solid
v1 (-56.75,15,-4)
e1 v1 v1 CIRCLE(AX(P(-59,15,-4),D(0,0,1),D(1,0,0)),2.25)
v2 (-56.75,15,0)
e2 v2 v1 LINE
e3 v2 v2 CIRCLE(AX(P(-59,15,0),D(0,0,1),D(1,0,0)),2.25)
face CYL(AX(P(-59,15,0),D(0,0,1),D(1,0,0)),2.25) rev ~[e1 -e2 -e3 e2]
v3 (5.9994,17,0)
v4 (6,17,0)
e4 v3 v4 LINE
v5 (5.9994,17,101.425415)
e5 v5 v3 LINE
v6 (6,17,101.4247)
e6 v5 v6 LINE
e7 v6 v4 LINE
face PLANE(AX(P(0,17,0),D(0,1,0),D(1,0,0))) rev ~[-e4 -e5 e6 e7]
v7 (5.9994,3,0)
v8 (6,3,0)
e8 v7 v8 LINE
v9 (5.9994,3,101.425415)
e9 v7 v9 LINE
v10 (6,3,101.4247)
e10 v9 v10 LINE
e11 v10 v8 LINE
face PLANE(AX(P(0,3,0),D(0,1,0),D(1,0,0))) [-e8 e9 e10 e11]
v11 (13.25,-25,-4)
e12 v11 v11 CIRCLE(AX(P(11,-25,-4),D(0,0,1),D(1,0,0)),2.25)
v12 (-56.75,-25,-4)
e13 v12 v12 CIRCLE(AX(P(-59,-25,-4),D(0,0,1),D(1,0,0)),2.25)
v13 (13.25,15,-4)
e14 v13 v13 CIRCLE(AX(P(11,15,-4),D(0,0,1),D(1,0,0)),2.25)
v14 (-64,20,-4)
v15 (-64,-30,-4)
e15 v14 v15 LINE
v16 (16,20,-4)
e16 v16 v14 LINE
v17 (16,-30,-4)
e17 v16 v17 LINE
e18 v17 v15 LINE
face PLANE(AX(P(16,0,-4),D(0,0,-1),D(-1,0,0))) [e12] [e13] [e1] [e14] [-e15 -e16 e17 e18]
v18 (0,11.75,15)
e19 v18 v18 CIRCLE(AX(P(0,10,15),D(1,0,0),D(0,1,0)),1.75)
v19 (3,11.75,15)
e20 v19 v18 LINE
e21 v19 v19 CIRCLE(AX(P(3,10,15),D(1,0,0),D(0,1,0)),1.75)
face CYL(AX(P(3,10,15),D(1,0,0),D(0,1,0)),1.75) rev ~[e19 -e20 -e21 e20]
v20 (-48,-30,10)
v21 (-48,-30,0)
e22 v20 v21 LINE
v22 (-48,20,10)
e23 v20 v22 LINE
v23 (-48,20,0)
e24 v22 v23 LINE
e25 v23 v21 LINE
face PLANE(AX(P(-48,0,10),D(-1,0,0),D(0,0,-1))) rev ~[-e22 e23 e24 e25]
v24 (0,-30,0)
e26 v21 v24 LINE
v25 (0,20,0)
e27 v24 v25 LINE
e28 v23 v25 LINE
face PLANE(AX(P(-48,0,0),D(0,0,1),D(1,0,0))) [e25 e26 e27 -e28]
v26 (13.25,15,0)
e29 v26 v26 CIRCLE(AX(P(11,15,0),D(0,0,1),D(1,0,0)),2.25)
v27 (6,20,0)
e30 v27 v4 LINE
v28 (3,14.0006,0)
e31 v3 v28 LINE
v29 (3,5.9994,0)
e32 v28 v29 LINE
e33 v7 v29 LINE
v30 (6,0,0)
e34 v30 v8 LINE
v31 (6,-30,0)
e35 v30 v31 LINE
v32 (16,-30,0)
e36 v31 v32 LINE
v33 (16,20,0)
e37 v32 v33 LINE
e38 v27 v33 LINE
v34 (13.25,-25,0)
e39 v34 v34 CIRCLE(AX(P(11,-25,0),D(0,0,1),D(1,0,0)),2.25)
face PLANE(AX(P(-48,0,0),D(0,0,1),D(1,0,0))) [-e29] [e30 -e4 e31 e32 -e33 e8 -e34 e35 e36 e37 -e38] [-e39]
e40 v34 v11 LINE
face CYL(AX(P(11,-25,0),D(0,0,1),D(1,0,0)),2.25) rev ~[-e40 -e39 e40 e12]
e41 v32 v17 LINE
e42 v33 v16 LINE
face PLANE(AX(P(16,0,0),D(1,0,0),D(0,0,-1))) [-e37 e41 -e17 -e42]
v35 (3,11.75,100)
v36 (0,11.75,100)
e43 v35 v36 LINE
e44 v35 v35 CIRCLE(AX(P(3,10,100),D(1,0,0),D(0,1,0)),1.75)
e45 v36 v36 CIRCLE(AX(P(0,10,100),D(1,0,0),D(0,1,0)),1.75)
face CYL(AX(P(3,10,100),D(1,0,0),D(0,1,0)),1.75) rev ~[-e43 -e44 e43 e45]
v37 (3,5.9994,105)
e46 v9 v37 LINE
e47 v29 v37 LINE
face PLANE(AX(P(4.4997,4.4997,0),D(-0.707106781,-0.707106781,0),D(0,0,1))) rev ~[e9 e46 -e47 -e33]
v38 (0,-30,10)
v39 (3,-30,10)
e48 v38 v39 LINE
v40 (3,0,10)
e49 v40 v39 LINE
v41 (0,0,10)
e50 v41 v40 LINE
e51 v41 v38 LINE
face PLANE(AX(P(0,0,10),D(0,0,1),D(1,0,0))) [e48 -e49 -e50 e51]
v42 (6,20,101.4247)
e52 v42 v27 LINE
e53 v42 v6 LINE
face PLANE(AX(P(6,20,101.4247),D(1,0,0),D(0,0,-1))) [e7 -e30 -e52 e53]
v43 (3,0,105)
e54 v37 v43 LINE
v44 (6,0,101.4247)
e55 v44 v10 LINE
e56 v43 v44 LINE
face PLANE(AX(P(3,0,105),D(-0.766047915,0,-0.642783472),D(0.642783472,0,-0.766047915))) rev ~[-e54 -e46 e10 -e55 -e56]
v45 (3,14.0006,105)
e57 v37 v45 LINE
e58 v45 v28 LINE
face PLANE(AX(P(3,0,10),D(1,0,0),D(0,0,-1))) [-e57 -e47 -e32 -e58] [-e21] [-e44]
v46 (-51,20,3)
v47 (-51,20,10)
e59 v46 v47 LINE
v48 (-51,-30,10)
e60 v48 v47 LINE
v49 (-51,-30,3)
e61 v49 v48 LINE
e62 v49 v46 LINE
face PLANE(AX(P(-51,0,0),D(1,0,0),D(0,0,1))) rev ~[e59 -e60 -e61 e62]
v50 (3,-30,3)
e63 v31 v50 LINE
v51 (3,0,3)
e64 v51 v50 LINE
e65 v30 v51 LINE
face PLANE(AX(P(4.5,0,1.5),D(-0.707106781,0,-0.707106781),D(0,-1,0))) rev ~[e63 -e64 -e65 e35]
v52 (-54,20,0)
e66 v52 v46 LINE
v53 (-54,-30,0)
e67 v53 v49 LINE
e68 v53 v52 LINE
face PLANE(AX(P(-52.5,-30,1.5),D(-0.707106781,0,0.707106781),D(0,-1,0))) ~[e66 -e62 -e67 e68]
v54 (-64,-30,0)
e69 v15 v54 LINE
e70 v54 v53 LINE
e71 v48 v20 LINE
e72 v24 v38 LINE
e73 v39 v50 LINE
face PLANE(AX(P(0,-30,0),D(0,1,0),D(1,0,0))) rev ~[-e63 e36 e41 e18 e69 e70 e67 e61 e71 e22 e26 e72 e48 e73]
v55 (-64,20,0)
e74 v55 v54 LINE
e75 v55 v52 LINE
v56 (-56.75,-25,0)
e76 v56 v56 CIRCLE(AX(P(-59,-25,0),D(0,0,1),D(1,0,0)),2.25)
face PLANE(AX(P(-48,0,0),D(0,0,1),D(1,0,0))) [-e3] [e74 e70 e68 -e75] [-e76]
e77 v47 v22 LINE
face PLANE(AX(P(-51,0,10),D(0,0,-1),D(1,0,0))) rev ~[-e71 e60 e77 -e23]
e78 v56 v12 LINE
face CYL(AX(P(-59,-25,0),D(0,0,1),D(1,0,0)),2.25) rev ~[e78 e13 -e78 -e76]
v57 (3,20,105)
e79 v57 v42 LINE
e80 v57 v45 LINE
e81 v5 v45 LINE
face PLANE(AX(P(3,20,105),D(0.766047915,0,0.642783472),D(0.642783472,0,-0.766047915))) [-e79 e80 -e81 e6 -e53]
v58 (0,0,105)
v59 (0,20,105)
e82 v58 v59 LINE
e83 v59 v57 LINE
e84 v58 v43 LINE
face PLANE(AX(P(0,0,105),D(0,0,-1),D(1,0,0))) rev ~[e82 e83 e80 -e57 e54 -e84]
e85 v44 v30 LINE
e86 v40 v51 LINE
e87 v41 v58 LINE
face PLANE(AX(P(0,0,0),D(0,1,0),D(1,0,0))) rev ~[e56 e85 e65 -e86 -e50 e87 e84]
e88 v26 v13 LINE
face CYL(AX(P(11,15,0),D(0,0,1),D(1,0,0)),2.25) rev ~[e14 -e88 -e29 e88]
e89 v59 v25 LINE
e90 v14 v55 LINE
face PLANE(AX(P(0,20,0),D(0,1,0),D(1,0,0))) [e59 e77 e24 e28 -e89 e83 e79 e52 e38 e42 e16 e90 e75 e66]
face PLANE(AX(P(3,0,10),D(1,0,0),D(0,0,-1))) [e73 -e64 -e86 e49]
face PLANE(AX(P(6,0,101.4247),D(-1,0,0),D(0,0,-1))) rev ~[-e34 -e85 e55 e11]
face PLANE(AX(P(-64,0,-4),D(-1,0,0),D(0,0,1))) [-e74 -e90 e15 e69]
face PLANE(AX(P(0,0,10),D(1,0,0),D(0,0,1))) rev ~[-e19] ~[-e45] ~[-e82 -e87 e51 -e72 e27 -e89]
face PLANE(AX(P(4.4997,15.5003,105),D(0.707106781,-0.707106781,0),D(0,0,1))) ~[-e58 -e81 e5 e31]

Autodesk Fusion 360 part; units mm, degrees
sketch "Sketch1" plane through (0, 0, 0) normal (0, 1, 0) x (1, 0, 0)
  line L0 (0, 0) -> (-48, 0) construction
  line L1 (-48, 0) -> (-48, -115) construction
  line L2 (-48, -115) -> (0, -115) construction
  line L3 (0, -115) -> (0, 0) construction
  line L4 (0, -105) -> (3, -105)
  line L5 (3, -105) -> (3, 0)
  line L6 (3, 0) -> (16, 0)
  line L7 (16, 0) -> (16, 4)
  line L8 (16, 4) -> (-64, 4)
  line L9 (-64, 4) -> (-64, 0)
  line L10 (-64, 0) -> (-51, 0)
  line L11 (-51, 0) -> (-51, -10)
  line L12 (-51, -10) -> (-48, -10)
  line L13 (-48, -10) -> (-48, 0)
  line L14 (-48, 0) -> (0, 0)
  line L15 (0, 0) -> (0, -105)
  line L16 (0, -100) -> (3, -100) construction
  line L17 (3, -15) -> (0, -14.9007) construction
  line L18 (-51, 0) -> (-48, 0)
  line L19 (0, 0) -> (3, 0)
  line L20 (3, -105) -> (6, -101.4247)
  line L21 (6, -101.4247) -> (6, 0)
  line L22 (0, -10) -> (3, -10)
  dimension "d1" = 48
  dimension "d2" = 115
  dimension "d3" = 3
  dimension "d4" = 4
  dimension "d6" = 13
  dimension "d7" = 13
  dimension "d8" = 10
  dimension "d9" = 15
  dimension "d10" = 85
  dimension "d11" = 5
  dimension "d16" = 3
  dimension "d17" = 140
extrude "Extrude1" add sketch "Sketch1" along normal blind 20 contours L4 L5 L15 L22 | L5 L15 L19 L22 | L6 L7 L8 L9 L10 L14 L18 L19 | L11 L12 L13 L18
extrude "Extrude2" add sketch "Sketch1" against normal blind 30 contours L6 L7 L8 L9 L10 L14 L18 L19
extrude "Extrude3" add sketch "Sketch1" against normal blind 30 contours L5 L15 L19 L22 | L11 L12 L13 L18
sketch "Sketch2" plane through (3, 0, 0) normal (1, 0, 0) x (0, 1, 0)
  line L0 (0, 105) -> (0, 10)
  line L1 (0, 10) -> (-30, 10)
  line L2 (-30, 10) -> (-30, 0)
  line L3 (-30, 0) -> (20, 0)
  line L4 (20, 0) -> (20, 105)
  line L5 (20, 105) -> (0, 105)
  line L6 (10, 105) -> (10, 0) construction
  circle A0 centre (10, 15) radius 1.75
  circle A1 centre (10, 100) radius 1.75
  dimension "d21" = 15
  dimension "d22" = 85
  dimension "d23" = 3.5
extrude "Extrude4" cut sketch "Sketch2" against normal blind 12 contours A0 | A1
extrude "Extrude5" add sketch "Sketch1" along normal blind 3 contours L5 L6 L20 L21
chamfer "Chamfer1" distance 3 angle 45 1 edges at (3, 3, 52.5)
chamfer "Chamfer2" distance 3 angle 45 1 edges at (3, -15, 0)
chamfer "Chamfer3" distance 3 angle 45 1 edges at (-51, -5, 0)
extrude "Extrude6" add sketch "Sketch1" against normal blind 3 from surface at 20 contours L5 L6 L20 L21
chamfer "Chamfer4" distance 3 angle 45 1 edges at (3, 17, 52.5)
sketch "Sketch3" plane through (0, 0, 0) normal (0, 0, 1) x (1, 0, 0)
  line L0 (11, -25) -> (-59, -25) construction
  line L1 (-59, -25) -> (-59, 15) construction
  line L2 (-59, 15) -> (11, 15) construction
  line L3 (11, 15) -> (11, -25) construction
  circle A0 centre (11, -25) radius 2.25
  circle A1 centre (-59, -25) radius 2.25
  circle A2 centre (-59, 15) radius 2.25
  circle A3 centre (11, 15) radius 2.25
  circle A4 centre (11, 15) radius 5 construction
  circle A5 centre (11, -25) radius 5 construction
  circle A6 centre (-59, 15) radius 5 construction
  circle A7 centre (-59, -25) radius 5 construction
  line L4 (-64, -5) -> (20.2305, -5) construction
  line L5 (-64, -30) -> (-64, 20) construction
  line L6 (-24, 20) -> (-24, -32.4373) construction
  line L7 (-48, 20) -> (0, 20) construction
  dimension "d35" = 4.5
  dimension "d36" = 10
  dimension "d37" = 40
  dimension "d38" = 70
extrude "Extrude7" cut sketch "Sketch3" against normal blind 17
equation "d21 = d9"
equation "d22 = d10"
